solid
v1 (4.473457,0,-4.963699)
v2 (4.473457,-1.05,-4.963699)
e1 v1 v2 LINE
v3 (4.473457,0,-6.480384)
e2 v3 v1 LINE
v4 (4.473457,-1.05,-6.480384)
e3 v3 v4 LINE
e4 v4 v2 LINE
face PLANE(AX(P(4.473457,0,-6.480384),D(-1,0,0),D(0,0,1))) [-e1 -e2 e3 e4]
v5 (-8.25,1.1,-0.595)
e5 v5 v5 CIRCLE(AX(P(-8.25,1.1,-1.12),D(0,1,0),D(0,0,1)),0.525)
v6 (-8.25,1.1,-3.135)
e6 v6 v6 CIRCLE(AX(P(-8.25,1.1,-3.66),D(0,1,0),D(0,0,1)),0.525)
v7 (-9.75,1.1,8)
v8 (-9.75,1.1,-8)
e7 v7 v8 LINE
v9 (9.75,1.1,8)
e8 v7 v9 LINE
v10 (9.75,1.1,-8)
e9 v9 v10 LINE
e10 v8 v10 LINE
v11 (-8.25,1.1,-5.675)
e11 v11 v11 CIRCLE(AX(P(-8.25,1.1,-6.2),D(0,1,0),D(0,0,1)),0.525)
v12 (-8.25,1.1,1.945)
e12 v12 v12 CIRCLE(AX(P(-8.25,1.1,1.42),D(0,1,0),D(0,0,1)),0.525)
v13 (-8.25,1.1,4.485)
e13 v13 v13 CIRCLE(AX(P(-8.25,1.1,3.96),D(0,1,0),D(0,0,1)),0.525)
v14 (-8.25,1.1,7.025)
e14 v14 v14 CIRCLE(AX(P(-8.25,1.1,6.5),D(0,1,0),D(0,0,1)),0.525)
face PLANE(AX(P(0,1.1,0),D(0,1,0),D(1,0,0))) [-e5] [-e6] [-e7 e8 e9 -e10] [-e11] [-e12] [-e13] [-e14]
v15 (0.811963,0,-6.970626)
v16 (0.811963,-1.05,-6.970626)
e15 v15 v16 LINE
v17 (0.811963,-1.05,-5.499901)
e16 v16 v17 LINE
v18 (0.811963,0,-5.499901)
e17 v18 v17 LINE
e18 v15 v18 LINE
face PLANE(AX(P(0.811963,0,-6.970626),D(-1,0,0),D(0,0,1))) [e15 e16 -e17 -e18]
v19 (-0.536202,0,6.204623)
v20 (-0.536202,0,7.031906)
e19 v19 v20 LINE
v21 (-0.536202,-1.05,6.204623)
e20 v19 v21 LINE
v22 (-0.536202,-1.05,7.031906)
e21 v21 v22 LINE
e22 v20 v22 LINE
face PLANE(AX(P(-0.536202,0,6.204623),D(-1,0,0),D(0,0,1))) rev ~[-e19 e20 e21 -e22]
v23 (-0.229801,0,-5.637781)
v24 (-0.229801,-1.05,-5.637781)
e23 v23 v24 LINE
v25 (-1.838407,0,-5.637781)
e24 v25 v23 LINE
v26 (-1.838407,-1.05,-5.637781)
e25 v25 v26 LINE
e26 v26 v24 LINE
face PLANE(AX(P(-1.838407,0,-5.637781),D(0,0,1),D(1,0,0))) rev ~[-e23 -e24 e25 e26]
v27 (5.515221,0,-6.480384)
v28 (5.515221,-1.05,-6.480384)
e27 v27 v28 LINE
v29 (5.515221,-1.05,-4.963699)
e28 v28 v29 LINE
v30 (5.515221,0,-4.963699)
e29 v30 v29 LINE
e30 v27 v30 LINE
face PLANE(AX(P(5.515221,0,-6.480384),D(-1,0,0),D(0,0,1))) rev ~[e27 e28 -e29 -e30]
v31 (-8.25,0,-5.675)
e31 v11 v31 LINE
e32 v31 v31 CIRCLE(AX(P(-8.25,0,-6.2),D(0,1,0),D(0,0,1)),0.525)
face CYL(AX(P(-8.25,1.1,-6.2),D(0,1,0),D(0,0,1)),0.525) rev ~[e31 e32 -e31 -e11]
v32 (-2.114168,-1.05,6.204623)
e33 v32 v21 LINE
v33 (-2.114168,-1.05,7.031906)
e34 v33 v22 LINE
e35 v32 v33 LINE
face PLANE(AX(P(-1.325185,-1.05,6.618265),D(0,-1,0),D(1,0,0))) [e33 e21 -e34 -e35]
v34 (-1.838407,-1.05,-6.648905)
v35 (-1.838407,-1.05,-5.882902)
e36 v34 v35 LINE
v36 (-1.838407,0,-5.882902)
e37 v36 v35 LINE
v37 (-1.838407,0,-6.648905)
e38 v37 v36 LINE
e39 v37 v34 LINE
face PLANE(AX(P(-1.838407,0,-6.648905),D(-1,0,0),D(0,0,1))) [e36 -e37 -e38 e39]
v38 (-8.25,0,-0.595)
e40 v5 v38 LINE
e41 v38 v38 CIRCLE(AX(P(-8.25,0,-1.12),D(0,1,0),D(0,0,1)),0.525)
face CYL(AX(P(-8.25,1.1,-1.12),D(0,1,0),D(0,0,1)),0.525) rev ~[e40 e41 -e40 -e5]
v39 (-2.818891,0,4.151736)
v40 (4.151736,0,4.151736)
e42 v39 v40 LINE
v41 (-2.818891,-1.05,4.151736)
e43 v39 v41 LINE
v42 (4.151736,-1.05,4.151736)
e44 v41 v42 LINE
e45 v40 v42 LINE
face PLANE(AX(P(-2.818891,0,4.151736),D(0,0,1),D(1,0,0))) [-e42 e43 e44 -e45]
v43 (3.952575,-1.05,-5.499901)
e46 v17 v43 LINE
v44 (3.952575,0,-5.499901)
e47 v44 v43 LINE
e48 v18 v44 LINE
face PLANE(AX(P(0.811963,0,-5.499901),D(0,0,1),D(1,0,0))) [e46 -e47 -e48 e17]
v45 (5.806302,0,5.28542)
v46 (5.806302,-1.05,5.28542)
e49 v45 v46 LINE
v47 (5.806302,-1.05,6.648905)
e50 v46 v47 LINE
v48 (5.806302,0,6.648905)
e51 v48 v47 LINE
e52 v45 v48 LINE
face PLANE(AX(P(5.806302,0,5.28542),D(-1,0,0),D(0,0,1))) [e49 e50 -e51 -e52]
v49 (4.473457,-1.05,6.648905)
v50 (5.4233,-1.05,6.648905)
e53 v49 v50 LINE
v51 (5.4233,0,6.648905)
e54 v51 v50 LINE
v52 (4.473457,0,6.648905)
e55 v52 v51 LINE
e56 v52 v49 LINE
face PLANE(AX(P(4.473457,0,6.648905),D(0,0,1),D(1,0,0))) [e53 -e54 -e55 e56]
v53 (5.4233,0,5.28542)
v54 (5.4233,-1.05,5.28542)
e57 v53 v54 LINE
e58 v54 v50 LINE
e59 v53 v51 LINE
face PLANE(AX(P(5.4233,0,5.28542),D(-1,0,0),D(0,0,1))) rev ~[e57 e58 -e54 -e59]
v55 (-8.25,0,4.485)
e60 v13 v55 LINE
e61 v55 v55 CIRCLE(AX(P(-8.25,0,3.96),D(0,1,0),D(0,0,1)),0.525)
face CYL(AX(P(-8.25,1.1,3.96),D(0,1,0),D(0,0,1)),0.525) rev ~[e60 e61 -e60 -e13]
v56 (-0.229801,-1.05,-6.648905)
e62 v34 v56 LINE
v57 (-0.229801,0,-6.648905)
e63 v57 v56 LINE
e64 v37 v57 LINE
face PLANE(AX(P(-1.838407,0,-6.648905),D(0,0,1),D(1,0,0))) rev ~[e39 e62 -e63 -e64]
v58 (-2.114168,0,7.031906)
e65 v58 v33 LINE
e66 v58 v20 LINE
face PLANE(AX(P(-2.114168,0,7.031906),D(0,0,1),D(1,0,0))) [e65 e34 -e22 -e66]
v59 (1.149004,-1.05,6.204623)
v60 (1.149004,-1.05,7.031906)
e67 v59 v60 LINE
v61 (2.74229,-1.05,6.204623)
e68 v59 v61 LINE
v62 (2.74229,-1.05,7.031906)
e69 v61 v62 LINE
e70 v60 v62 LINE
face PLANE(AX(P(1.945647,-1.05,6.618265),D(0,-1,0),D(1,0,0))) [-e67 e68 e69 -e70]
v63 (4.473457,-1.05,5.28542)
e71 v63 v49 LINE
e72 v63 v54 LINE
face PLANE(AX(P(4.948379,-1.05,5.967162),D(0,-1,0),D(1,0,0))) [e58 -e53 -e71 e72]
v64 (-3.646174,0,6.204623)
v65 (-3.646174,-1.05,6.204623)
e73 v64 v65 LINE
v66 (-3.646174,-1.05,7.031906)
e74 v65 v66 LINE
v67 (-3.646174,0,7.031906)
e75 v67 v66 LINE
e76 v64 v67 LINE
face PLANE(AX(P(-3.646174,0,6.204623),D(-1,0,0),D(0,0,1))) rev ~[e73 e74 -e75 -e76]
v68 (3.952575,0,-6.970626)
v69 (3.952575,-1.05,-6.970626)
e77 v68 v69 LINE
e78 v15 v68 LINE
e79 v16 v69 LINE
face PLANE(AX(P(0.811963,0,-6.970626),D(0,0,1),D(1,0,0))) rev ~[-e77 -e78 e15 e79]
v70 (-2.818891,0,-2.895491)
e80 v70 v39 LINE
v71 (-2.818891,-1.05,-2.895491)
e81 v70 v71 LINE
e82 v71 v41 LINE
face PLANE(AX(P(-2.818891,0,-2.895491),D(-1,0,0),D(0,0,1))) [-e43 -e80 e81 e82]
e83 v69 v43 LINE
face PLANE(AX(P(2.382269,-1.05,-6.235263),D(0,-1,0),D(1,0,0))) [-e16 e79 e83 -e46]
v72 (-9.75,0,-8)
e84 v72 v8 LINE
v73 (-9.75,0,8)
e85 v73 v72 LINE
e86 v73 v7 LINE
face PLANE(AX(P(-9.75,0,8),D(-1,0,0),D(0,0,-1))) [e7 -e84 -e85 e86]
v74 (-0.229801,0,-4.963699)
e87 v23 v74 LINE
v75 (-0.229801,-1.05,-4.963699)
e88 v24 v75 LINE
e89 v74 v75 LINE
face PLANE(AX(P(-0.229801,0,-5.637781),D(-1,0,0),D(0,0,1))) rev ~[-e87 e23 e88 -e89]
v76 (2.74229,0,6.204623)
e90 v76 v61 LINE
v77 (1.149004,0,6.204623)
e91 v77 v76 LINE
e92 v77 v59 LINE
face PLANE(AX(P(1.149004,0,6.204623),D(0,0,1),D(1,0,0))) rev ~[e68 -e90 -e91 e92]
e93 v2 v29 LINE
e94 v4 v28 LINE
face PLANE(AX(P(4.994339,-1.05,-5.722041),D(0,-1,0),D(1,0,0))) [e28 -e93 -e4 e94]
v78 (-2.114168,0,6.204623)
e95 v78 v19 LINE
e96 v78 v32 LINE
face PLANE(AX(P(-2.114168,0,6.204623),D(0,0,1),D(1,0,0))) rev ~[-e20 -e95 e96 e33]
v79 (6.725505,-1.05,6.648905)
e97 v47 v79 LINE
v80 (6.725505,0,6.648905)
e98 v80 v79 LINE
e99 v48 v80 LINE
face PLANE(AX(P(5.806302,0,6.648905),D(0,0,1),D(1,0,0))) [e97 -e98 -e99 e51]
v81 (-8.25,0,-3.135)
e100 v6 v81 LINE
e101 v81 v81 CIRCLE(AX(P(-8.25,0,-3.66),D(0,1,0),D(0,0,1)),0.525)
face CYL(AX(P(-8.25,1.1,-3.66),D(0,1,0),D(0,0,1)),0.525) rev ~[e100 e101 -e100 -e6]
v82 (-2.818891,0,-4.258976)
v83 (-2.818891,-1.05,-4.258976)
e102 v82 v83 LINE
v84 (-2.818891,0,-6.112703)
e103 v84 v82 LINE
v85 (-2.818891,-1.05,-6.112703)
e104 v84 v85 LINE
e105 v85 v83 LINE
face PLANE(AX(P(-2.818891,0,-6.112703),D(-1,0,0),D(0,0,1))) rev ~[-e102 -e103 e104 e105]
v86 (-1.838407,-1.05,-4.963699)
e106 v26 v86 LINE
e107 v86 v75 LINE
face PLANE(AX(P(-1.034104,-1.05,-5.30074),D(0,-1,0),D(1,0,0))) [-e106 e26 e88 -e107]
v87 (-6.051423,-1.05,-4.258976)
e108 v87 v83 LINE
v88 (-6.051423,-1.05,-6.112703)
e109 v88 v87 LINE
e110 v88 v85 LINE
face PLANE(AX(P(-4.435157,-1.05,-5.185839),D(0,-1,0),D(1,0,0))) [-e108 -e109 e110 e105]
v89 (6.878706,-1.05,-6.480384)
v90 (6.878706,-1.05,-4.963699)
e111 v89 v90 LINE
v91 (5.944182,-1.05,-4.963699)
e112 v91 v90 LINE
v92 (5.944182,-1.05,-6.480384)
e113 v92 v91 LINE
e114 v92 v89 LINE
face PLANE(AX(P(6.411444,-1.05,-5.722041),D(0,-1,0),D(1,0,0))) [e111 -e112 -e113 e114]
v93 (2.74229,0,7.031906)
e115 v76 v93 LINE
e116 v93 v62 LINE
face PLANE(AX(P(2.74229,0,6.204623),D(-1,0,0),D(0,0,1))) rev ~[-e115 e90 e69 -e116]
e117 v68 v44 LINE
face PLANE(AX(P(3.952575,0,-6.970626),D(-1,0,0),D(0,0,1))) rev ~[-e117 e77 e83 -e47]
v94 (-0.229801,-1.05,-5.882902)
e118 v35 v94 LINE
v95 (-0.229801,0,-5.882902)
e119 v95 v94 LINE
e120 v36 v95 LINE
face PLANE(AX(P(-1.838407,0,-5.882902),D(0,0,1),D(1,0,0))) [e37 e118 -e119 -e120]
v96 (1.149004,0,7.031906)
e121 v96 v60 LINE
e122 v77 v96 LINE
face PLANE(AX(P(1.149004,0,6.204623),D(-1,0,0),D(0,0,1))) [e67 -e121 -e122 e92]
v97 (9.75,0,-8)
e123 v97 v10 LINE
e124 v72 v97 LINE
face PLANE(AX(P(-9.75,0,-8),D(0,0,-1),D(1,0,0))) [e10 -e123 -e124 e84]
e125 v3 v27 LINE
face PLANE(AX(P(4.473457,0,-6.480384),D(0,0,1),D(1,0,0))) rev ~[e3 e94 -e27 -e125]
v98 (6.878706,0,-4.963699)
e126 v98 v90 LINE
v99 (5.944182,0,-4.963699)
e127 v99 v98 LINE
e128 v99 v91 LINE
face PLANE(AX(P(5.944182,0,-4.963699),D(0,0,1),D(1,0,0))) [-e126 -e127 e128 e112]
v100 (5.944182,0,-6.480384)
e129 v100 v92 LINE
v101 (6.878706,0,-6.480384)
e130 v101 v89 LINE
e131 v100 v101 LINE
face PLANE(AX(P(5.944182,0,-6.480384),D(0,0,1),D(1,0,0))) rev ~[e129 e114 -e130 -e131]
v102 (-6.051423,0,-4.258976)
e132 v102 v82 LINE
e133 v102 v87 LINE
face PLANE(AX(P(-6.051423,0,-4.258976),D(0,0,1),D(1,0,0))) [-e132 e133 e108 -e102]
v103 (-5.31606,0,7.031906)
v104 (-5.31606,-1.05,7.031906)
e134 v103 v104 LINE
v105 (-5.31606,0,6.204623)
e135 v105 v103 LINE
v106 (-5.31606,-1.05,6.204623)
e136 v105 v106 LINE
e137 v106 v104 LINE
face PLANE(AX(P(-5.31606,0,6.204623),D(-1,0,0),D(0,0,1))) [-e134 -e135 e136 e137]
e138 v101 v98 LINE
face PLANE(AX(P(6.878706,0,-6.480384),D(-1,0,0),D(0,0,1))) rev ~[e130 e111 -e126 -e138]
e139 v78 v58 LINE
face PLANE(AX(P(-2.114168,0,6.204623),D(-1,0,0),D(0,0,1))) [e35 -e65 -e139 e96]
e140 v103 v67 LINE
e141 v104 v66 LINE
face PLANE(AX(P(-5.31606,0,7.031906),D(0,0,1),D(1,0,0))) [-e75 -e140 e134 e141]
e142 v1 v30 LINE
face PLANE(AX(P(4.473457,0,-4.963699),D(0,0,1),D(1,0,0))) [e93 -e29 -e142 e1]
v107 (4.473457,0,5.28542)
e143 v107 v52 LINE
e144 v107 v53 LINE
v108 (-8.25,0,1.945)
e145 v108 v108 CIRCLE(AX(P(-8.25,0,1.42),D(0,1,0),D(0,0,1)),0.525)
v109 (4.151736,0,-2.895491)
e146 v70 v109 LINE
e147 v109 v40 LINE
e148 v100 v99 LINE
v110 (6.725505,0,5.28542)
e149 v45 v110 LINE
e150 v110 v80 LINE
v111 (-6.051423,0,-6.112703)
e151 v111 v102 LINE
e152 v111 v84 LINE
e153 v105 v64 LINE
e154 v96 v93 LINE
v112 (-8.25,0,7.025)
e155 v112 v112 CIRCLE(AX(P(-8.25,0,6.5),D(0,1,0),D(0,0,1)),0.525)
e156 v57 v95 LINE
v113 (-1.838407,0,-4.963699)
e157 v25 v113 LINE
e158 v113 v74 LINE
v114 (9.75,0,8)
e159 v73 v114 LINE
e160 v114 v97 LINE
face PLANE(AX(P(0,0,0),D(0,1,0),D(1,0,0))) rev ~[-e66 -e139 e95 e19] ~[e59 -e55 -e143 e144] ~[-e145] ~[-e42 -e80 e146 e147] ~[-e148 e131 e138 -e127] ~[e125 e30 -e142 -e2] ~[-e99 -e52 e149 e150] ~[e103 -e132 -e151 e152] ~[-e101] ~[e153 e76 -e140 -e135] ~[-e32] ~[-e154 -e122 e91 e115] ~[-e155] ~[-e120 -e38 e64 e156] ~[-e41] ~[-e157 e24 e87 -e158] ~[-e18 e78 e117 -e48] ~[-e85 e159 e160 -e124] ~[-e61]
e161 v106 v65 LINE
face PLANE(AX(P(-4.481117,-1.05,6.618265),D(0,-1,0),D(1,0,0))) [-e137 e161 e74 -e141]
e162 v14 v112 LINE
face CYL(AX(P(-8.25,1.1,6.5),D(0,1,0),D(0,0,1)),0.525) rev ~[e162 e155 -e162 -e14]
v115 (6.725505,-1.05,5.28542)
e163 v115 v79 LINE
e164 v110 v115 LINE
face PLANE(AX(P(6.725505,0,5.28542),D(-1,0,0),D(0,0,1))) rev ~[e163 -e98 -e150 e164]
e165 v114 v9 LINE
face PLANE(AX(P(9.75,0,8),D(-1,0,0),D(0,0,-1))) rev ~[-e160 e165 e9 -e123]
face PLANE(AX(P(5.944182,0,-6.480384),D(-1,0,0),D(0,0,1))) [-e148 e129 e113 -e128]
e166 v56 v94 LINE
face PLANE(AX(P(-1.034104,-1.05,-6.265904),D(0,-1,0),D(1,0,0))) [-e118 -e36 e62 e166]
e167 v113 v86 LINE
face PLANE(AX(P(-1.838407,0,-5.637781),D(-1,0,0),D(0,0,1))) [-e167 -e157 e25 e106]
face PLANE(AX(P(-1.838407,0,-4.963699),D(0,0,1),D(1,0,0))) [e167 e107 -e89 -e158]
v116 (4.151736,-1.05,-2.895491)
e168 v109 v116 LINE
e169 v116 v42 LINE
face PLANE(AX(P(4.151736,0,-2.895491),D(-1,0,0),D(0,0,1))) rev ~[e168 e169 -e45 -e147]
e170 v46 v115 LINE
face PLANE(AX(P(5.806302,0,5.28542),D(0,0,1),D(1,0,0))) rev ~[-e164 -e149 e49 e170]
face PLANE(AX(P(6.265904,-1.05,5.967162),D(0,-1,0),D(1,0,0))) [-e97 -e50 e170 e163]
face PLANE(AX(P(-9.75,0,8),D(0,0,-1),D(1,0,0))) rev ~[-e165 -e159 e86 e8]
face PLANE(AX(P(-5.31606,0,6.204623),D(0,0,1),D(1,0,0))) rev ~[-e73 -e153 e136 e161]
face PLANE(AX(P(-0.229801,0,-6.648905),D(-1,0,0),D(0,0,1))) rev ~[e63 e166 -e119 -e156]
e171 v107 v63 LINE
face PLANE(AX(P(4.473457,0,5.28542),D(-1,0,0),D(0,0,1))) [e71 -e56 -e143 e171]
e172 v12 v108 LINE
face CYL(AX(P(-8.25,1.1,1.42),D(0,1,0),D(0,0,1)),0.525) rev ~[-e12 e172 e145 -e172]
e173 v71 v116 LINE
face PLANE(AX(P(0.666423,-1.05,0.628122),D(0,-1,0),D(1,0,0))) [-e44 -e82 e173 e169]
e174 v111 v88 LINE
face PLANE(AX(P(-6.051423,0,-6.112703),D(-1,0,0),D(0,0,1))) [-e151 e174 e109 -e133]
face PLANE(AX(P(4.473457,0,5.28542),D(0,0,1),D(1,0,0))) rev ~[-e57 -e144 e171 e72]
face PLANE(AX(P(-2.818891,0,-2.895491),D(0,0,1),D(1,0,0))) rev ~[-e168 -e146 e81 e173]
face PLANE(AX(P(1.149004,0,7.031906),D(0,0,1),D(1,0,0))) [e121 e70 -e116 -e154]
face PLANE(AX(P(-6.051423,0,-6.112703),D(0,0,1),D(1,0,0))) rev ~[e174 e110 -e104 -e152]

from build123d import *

# Parameters (mm, degrees)
SKETCH1_W               = 19.5
SKETCH1_H               = 16
PCB_DEPTH               = 1.1
HOLES_REACH             = 14.66
SKETCH2_R               = 0.525
SKETCH3_W               = 6.970626183
SKETCH3_H               = 7.047226471
SKETCH3_W_2             = 3.232532143
SKETCH3_H_2             = 1.853726963
SKETCH3_W_3             = 1.608606043
SKETCH3_H_3             = 0.674082532
SKETCH3_H_4             = 0.766002877
SKETCH3_W_4             = 3.140611797
SKETCH3_H_5             = 1.470725524
SKETCH3_W_5             = 0.949843568
SKETCH3_H_6             = 1.363485122
SKETCH3_W_6             = 0.919203453
SKETCH3_W_7             = 1.593285985
SKETCH3_H_7             = 0.827283108
SKETCH3_W_8             = 1.577965927
SKETCH3_W_9             = 1.669886272
SKETCH3_W_10            = 1.041763914
SKETCH3_H_8             = 1.516685697
SKETCH3_W_11            = 0.93452351
BOTTOM_COMPONENTS_DEPTH = 1.05


with BuildPart() as part:
    # Sketch1 → PCB (new body)
    with BuildSketch(Plane(origin=(0, 0, 0), x_dir=(1, 0, 0), z_dir=(0, 1, 0))):
        Rectangle(SKETCH1_W, SKETCH1_H)
    extrude(amount=PCB_DEPTH)

    # Sketch2 → Holes (cut, up to next)
    with BuildSketch(Plane(origin=(0, 1.1, 0), x_dir=(1, 0, 0), z_dir=(0, 1, 0)), mode=Mode.PRIVATE) as holes_sk1:
        with Locations(Location((-8.25, -6.5, 0), (0, 0, 270))):
            Circle(SKETCH2_R)
    holes_tool1 = extrude(holes_sk1.sketch, amount=-HOLES_REACH, mode=Mode.PRIVATE) & part.part
    # Sketch2 → Holes (cut, up to next)
    with BuildSketch(Plane(origin=(0, 1.1, 0), x_dir=(1, 0, 0), z_dir=(0, 1, 0)), mode=Mode.PRIVATE) as holes_sk2:
        with Locations(Location((-8.25, -3.96, 0), (0, 0, 270))):
            Circle(SKETCH2_R)
    holes_tool2 = extrude(holes_sk2.sketch, amount=-HOLES_REACH, mode=Mode.PRIVATE) & part.part
    # Sketch2 → Holes (cut, up to next)
    with BuildSketch(Plane(origin=(0, 1.1, 0), x_dir=(1, 0, 0), z_dir=(0, 1, 0)), mode=Mode.PRIVATE) as holes_sk3:
        with Locations(Location((-8.25, -1.42, 0), (0, 0, 270))):
            Circle(SKETCH2_R)
    holes_tool3 = extrude(holes_sk3.sketch, amount=-HOLES_REACH, mode=Mode.PRIVATE) & part.part
    # Sketch2 → Holes (cut, up to next)
    with BuildSketch(Plane(origin=(0, 1.1, 0), x_dir=(1, 0, 0), z_dir=(0, 1, 0)), mode=Mode.PRIVATE) as holes_sk4:
        with Locations(Location((-8.25, 1.12, 0), (0, 0, 270))):
            Circle(SKETCH2_R)
    holes_tool4 = extrude(holes_sk4.sketch, amount=-HOLES_REACH, mode=Mode.PRIVATE) & part.part
    # Sketch2 → Holes (cut, up to next)
    with BuildSketch(Plane(origin=(0, 1.1, 0), x_dir=(1, 0, 0), z_dir=(0, 1, 0)), mode=Mode.PRIVATE) as holes_sk5:
        with Locations(Location((-8.25, 3.66, 0), (0, 0, 270))):
            Circle(SKETCH2_R)
    holes_tool5 = extrude(holes_sk5.sketch, amount=-HOLES_REACH, mode=Mode.PRIVATE) & part.part
    # Sketch2 → Holes (cut, up to next)
    with BuildSketch(Plane(origin=(0, 1.1, 0), x_dir=(1, 0, 0), z_dir=(0, 1, 0)), mode=Mode.PRIVATE) as holes_sk6:
        with Locations(Location((-8.25, 6.2, 0), (0, 0, 270))):
            Circle(SKETCH2_R)
    holes_tool6 = extrude(holes_sk6.sketch, amount=-HOLES_REACH, mode=Mode.PRIVATE) & part.part
    add(holes_tool1.solids().sort_by_distance((-8.25, 1.1, 6.5))[0], mode=Mode.SUBTRACT)
    add(holes_tool2.solids().sort_by_distance((-8.25, 1.1, 3.96))[0], mode=Mode.SUBTRACT)
    add(holes_tool3.solids().sort_by_distance((-8.25, 1.1, 1.42))[0], mode=Mode.SUBTRACT)
    add(holes_tool4.solids().sort_by_distance((-8.25, 1.1, -1.12))[0], mode=Mode.SUBTRACT)
    add(holes_tool5.solids().sort_by_distance((-8.25, 1.1, -3.66))[0], mode=Mode.SUBTRACT)
    add(holes_tool6.solids().sort_by_distance((-8.25, 1.1, -6.2))[0], mode=Mode.SUBTRACT)

    # Sketch3 → Bottom components (add)
    with BuildSketch(Plane.XZ):
        with Locations((0.666422503, 0.628122359)):
            Rectangle(SKETCH3_W, SKETCH3_H)
        with Locations((-4.43515666, -5.18583948)):
            Rectangle(SKETCH3_W_2, SKETCH3_H_2)
        with Locations((-1.034103885, -5.300739911)):
            Rectangle(SKETCH3_W_3, SKETCH3_H_3)
        with Locations((-1.034103885, -6.265903537)):
            Rectangle(SKETCH3_W_3, SKETCH3_H_4)
        with Locations((2.382268949, -6.235263421)):
            Rectangle(SKETCH3_W_4, SKETCH3_H_5)
        with Locations((4.948378587, 5.967162414)):
            Rectangle(SKETCH3_W_5, SKETCH3_H_6)
        with Locations((6.265903537, 5.967162414)):
            Rectangle(SKETCH3_W_6, SKETCH3_H_6)
        with Locations((1.945647309, 6.61826486)):
            Rectangle(SKETCH3_W_7, SKETCH3_H_7)
        with Locations((-1.325184978, 6.61826486)):
            Rectangle(SKETCH3_W_8, SKETCH3_H_7)
        with Locations((-4.481116832, 6.61826486)):
            Rectangle(SKETCH3_W_9, SKETCH3_H_7)
        with Locations((4.99433876, -5.722041494)):
            Rectangle(SKETCH3_W_10, SKETCH3_H_8)
        with Locations((6.411444083, -5.722041494)):
            Rectangle(SKETCH3_W_11, SKETCH3_H_8)
    extrude(amount=BOTTOM_COMPONENTS_DEPTH)


solid = part.part
